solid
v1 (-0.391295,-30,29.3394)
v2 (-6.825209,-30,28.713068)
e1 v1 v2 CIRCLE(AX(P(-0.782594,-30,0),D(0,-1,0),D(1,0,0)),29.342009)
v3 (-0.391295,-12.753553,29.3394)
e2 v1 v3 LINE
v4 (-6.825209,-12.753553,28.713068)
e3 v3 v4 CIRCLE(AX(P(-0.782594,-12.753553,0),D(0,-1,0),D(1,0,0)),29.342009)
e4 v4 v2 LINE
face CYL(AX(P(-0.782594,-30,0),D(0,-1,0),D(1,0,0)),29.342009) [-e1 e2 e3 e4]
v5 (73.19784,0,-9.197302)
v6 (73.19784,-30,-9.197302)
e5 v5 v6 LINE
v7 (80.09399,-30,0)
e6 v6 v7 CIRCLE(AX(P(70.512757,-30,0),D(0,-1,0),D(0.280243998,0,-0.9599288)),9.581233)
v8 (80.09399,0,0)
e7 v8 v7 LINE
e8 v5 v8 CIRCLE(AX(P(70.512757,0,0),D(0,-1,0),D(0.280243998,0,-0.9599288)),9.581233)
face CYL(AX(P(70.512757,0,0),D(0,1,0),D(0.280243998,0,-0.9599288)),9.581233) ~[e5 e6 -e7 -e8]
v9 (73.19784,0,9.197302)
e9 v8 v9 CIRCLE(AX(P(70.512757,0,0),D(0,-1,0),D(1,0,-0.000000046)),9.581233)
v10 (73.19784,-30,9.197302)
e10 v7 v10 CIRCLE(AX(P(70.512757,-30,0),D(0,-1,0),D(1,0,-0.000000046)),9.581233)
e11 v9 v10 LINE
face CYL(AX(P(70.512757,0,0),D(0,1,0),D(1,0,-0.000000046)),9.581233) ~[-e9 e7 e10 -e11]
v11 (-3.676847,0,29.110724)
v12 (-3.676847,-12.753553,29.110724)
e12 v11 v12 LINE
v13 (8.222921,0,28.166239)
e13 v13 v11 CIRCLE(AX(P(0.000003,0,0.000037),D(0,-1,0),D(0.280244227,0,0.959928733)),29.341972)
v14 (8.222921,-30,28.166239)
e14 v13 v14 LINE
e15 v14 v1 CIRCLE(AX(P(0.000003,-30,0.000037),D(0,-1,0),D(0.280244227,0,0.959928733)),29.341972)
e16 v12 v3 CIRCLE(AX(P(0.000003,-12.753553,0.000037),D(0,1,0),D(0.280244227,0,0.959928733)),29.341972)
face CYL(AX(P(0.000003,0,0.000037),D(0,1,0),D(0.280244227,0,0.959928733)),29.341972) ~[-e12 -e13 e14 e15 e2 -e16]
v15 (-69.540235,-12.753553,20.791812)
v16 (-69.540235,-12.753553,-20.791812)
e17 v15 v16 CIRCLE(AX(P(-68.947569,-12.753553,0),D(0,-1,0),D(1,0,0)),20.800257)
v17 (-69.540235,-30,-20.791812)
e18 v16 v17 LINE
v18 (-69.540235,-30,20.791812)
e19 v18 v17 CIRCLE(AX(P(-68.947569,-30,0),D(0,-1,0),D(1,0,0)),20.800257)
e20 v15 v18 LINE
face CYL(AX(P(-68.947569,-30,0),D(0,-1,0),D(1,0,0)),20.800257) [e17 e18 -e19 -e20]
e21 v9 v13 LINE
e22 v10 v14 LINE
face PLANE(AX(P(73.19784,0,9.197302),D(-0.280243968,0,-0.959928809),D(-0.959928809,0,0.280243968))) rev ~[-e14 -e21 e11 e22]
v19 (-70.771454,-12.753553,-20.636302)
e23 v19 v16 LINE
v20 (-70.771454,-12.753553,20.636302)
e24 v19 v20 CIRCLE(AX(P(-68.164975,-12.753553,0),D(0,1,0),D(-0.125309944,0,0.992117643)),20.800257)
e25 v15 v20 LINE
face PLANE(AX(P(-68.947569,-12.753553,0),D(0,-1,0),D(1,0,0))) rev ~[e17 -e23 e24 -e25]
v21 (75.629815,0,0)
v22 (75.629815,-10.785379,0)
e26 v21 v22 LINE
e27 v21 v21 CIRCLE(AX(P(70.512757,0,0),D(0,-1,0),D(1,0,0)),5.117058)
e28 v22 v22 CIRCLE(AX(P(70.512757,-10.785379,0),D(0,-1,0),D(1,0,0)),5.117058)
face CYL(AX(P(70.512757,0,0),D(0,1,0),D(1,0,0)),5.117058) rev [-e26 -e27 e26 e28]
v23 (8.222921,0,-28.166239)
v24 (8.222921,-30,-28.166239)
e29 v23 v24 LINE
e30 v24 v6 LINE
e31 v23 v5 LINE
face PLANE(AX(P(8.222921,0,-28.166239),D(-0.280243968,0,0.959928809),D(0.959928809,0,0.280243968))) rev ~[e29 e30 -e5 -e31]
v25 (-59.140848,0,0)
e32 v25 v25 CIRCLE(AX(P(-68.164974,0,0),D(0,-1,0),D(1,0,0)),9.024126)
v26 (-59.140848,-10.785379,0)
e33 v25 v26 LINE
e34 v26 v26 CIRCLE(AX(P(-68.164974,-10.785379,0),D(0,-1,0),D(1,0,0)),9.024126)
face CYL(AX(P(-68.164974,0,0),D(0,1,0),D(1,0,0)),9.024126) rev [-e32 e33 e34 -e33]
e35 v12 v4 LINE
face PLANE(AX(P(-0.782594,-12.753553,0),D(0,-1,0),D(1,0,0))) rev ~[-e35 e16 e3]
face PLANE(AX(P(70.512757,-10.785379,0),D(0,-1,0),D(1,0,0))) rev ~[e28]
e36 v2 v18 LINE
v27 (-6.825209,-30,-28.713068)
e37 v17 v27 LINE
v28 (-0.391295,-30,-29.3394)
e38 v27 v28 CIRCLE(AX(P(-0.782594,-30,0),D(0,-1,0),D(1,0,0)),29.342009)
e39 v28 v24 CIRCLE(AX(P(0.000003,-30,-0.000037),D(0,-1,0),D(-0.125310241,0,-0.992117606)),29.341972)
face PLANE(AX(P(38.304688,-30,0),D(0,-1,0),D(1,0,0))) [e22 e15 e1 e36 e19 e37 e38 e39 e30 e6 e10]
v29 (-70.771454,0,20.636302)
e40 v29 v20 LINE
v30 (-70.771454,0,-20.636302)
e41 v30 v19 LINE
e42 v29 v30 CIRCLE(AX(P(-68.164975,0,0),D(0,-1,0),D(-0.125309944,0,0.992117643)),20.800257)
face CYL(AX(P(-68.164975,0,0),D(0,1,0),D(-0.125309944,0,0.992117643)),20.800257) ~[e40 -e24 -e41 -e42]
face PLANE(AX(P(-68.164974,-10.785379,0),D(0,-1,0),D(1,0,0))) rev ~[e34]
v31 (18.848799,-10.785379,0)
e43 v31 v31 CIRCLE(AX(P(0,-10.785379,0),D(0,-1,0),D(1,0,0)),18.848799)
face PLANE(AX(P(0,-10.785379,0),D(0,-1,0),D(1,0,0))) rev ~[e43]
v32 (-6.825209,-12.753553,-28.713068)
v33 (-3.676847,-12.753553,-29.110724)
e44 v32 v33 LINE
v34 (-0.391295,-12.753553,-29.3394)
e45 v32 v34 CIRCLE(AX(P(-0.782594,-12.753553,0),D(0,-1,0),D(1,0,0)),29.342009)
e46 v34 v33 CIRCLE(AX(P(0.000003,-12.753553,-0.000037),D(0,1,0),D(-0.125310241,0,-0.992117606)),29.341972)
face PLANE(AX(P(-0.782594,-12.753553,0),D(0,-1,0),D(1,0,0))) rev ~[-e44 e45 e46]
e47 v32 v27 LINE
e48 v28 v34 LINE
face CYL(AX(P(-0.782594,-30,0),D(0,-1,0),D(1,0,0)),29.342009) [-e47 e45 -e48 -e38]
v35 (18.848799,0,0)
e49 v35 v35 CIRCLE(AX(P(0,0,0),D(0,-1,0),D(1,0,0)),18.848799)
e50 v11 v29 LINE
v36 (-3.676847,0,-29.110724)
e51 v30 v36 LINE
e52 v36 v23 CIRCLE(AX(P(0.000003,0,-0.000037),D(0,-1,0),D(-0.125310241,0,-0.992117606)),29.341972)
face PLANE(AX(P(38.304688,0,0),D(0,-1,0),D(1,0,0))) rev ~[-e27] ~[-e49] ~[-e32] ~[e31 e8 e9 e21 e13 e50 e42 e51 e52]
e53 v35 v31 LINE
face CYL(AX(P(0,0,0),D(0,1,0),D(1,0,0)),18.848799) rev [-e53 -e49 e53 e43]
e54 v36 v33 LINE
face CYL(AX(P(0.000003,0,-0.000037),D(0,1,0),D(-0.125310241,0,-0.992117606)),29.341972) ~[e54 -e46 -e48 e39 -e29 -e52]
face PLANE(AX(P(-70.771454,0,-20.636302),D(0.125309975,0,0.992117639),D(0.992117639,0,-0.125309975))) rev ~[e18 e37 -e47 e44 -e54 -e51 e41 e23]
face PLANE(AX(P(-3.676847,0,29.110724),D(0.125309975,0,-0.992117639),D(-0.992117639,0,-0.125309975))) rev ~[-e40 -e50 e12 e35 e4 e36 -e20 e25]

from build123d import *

# Parameters (mm, degrees)
F0_R     = 5.117058
F0_R_2   = 18.848799
F0_R_3   = 9.024126
F1_DEPTH = 30
F6_DEPTH = 10.785379
F2_R     = 20.800257
F2_R_2   = 29.342009
F2_R_3   = 9.581233
F3_DEPTH = 17.246447
F4_DEPTH = 0.934202


with BuildPart() as f1:
    # F0 (on Front) → F1 (new body)
    with BuildSketch(Plane.XZ):
        with BuildLine():
            ThreePointArc((8.222921, 28.166239), (23.475844, 17.602222), (29.342009, 0))
            ThreePointArc((29.342009, 0), (23.475844, -17.602222), (8.222921, -28.166239))
            Line((8.222921, -28.166239), (73.19784, -9.197302))
            ThreePointArc((73.19784, -9.197302), (60.931524, 0), (73.19784, 9.197302))
            Line((73.19784, 9.197302), (8.222921, 28.166239))
        make_face()
        with BuildLine():
            ThreePointArc((80.09399, 0), (78.178474, 5.747766), (73.19784, 9.197302))
            ThreePointArc((73.19784, 9.197302), (60.931524, 0), (73.19784, -9.197302))
            ThreePointArc((73.19784, -9.197302), (78.178474, -5.747766), (80.09399, 0))
        make_face()
        with Locations((70.512757, 0)):
            Circle(F0_R, mode=Mode.SUBTRACT)
        with Locations((70.512757, 0)):
            Circle(F0_R)
        with BuildLine():
            ThreePointArc((8.222921, -28.166239), (23.475844, -17.602222), (29.342009, 0))
            ThreePointArc((29.342009, 0), (23.475844, 17.602222), (8.222921, 28.166239))
            ThreePointArc((8.222921, 28.166239), (2.321575, 29.250022), (-3.676847, 29.110724))
            ThreePointArc((-3.676847, 29.110724), (-29.342009, 0), (-3.676847, -29.110724))
            ThreePointArc((-3.676847, -29.110724), (2.321575, -29.250022), (8.222921, -28.166239))
        make_face()
        Circle(F0_R_2, mode=Mode.SUBTRACT)
        Circle(F0_R_2)
        with BuildLine():
            ThreePointArc((-3.676847, -29.110724), (-29.342009, 0), (-3.676847, 29.110724))
            Line((-3.676847, 29.110724), (-70.771454, 20.636302))
            ThreePointArc((-70.771454, 20.636302), (-54.409335, 15.602342), (-47.364717, 0))
            ThreePointArc((-47.364717, 0), (-54.409335, -15.602342), (-70.771454, -20.636302))
            Line((-70.771454, -20.636302), (-3.676847, -29.110724))
        make_face()
        with BuildLine():
            ThreePointArc((-47.364717, 0), (-54.409335, 15.602342), (-70.771454, 20.636302))
            ThreePointArc((-70.771454, 20.636302), (-88.965232, 0), (-70.771454, -20.636302))
            ThreePointArc((-70.771454, -20.636302), (-54.409335, -15.602342), (-47.364717, 0))
        make_face()
        with Locations((-68.164974, 0)):
            Circle(F0_R_3, mode=Mode.SUBTRACT)
        with Locations((-68.164974, 0)):
            Circle(F0_R_3)
    extrude(amount=F1_DEPTH)

    # F0 (on Front) → F6 (cut)
    with BuildSketch(Plane.XZ):
        with Locations((-68.164974, 0)):
            Circle(F0_R_3)
        Circle(F0_R_2)
        with Locations((70.512757, 0)):
            Circle(F0_R)
    extrude(amount=F6_DEPTH, mode=Mode.SUBTRACT)

    # F2 (on offset) → F3 (join)
    with BuildSketch(Plane.XZ.offset(30)):
        with Locations((-68.947569, 0)):
            Circle(F2_R)
        with Locations((-0.782594, 0)):
            Circle(F2_R_2)
        with Locations((69.730163, 0)):
            Circle(F2_R_3)
    extrude(amount=-F3_DEPTH)

    # F0 (on Front) → F4 (cut)
    with BuildSketch(Plane.XZ):
        with BuildLine():
            ThreePointArc((-47.364717, 0), (-54.409335, 15.602342), (-70.771454, 20.636302))
            ThreePointArc((-70.771454, 20.636302), (-88.965232, 0), (-70.771454, -20.636302))
            ThreePointArc((-70.771454, -20.636302), (-54.409335, -15.602342), (-47.364717, 0))
        make_face()
        with Locations((-68.164974, 0)):
            Circle(F0_R_3, mode=Mode.SUBTRACT)
        with BuildLine():
            ThreePointArc((8.222921, -28.166239), (23.475844, -17.602222), (29.342009, 0))
            ThreePointArc((29.342009, 0), (23.475844, 17.602222), (8.222921, 28.166239))
            ThreePointArc((8.222921, 28.166239), (2.321575, 29.250022), (-3.676847, 29.110724))
            ThreePointArc((-3.676847, 29.110724), (-29.342009, 0), (-3.676847, -29.110724))
            ThreePointArc((-3.676847, -29.110724), (2.321575, -29.250022), (8.222921, -28.166239))
        make_face()
        Circle(F0_R_2, mode=Mode.SUBTRACT)
        with BuildLine():
            ThreePointArc((80.09399, 0), (78.178474, 5.747766), (73.19784, 9.197302))
            ThreePointArc((73.19784, 9.197302), (60.931524, 0), (73.19784, -9.197302))
            ThreePointArc((73.19784, -9.197302), (78.178474, -5.747766), (80.09399, 0))
        make_face()
        with Locations((70.512757, 0)):
            Circle(F0_R, mode=Mode.SUBTRACT)
    extrude(amount=-F4_DEPTH, mode=Mode.SUBTRACT)


solid = f1.part
